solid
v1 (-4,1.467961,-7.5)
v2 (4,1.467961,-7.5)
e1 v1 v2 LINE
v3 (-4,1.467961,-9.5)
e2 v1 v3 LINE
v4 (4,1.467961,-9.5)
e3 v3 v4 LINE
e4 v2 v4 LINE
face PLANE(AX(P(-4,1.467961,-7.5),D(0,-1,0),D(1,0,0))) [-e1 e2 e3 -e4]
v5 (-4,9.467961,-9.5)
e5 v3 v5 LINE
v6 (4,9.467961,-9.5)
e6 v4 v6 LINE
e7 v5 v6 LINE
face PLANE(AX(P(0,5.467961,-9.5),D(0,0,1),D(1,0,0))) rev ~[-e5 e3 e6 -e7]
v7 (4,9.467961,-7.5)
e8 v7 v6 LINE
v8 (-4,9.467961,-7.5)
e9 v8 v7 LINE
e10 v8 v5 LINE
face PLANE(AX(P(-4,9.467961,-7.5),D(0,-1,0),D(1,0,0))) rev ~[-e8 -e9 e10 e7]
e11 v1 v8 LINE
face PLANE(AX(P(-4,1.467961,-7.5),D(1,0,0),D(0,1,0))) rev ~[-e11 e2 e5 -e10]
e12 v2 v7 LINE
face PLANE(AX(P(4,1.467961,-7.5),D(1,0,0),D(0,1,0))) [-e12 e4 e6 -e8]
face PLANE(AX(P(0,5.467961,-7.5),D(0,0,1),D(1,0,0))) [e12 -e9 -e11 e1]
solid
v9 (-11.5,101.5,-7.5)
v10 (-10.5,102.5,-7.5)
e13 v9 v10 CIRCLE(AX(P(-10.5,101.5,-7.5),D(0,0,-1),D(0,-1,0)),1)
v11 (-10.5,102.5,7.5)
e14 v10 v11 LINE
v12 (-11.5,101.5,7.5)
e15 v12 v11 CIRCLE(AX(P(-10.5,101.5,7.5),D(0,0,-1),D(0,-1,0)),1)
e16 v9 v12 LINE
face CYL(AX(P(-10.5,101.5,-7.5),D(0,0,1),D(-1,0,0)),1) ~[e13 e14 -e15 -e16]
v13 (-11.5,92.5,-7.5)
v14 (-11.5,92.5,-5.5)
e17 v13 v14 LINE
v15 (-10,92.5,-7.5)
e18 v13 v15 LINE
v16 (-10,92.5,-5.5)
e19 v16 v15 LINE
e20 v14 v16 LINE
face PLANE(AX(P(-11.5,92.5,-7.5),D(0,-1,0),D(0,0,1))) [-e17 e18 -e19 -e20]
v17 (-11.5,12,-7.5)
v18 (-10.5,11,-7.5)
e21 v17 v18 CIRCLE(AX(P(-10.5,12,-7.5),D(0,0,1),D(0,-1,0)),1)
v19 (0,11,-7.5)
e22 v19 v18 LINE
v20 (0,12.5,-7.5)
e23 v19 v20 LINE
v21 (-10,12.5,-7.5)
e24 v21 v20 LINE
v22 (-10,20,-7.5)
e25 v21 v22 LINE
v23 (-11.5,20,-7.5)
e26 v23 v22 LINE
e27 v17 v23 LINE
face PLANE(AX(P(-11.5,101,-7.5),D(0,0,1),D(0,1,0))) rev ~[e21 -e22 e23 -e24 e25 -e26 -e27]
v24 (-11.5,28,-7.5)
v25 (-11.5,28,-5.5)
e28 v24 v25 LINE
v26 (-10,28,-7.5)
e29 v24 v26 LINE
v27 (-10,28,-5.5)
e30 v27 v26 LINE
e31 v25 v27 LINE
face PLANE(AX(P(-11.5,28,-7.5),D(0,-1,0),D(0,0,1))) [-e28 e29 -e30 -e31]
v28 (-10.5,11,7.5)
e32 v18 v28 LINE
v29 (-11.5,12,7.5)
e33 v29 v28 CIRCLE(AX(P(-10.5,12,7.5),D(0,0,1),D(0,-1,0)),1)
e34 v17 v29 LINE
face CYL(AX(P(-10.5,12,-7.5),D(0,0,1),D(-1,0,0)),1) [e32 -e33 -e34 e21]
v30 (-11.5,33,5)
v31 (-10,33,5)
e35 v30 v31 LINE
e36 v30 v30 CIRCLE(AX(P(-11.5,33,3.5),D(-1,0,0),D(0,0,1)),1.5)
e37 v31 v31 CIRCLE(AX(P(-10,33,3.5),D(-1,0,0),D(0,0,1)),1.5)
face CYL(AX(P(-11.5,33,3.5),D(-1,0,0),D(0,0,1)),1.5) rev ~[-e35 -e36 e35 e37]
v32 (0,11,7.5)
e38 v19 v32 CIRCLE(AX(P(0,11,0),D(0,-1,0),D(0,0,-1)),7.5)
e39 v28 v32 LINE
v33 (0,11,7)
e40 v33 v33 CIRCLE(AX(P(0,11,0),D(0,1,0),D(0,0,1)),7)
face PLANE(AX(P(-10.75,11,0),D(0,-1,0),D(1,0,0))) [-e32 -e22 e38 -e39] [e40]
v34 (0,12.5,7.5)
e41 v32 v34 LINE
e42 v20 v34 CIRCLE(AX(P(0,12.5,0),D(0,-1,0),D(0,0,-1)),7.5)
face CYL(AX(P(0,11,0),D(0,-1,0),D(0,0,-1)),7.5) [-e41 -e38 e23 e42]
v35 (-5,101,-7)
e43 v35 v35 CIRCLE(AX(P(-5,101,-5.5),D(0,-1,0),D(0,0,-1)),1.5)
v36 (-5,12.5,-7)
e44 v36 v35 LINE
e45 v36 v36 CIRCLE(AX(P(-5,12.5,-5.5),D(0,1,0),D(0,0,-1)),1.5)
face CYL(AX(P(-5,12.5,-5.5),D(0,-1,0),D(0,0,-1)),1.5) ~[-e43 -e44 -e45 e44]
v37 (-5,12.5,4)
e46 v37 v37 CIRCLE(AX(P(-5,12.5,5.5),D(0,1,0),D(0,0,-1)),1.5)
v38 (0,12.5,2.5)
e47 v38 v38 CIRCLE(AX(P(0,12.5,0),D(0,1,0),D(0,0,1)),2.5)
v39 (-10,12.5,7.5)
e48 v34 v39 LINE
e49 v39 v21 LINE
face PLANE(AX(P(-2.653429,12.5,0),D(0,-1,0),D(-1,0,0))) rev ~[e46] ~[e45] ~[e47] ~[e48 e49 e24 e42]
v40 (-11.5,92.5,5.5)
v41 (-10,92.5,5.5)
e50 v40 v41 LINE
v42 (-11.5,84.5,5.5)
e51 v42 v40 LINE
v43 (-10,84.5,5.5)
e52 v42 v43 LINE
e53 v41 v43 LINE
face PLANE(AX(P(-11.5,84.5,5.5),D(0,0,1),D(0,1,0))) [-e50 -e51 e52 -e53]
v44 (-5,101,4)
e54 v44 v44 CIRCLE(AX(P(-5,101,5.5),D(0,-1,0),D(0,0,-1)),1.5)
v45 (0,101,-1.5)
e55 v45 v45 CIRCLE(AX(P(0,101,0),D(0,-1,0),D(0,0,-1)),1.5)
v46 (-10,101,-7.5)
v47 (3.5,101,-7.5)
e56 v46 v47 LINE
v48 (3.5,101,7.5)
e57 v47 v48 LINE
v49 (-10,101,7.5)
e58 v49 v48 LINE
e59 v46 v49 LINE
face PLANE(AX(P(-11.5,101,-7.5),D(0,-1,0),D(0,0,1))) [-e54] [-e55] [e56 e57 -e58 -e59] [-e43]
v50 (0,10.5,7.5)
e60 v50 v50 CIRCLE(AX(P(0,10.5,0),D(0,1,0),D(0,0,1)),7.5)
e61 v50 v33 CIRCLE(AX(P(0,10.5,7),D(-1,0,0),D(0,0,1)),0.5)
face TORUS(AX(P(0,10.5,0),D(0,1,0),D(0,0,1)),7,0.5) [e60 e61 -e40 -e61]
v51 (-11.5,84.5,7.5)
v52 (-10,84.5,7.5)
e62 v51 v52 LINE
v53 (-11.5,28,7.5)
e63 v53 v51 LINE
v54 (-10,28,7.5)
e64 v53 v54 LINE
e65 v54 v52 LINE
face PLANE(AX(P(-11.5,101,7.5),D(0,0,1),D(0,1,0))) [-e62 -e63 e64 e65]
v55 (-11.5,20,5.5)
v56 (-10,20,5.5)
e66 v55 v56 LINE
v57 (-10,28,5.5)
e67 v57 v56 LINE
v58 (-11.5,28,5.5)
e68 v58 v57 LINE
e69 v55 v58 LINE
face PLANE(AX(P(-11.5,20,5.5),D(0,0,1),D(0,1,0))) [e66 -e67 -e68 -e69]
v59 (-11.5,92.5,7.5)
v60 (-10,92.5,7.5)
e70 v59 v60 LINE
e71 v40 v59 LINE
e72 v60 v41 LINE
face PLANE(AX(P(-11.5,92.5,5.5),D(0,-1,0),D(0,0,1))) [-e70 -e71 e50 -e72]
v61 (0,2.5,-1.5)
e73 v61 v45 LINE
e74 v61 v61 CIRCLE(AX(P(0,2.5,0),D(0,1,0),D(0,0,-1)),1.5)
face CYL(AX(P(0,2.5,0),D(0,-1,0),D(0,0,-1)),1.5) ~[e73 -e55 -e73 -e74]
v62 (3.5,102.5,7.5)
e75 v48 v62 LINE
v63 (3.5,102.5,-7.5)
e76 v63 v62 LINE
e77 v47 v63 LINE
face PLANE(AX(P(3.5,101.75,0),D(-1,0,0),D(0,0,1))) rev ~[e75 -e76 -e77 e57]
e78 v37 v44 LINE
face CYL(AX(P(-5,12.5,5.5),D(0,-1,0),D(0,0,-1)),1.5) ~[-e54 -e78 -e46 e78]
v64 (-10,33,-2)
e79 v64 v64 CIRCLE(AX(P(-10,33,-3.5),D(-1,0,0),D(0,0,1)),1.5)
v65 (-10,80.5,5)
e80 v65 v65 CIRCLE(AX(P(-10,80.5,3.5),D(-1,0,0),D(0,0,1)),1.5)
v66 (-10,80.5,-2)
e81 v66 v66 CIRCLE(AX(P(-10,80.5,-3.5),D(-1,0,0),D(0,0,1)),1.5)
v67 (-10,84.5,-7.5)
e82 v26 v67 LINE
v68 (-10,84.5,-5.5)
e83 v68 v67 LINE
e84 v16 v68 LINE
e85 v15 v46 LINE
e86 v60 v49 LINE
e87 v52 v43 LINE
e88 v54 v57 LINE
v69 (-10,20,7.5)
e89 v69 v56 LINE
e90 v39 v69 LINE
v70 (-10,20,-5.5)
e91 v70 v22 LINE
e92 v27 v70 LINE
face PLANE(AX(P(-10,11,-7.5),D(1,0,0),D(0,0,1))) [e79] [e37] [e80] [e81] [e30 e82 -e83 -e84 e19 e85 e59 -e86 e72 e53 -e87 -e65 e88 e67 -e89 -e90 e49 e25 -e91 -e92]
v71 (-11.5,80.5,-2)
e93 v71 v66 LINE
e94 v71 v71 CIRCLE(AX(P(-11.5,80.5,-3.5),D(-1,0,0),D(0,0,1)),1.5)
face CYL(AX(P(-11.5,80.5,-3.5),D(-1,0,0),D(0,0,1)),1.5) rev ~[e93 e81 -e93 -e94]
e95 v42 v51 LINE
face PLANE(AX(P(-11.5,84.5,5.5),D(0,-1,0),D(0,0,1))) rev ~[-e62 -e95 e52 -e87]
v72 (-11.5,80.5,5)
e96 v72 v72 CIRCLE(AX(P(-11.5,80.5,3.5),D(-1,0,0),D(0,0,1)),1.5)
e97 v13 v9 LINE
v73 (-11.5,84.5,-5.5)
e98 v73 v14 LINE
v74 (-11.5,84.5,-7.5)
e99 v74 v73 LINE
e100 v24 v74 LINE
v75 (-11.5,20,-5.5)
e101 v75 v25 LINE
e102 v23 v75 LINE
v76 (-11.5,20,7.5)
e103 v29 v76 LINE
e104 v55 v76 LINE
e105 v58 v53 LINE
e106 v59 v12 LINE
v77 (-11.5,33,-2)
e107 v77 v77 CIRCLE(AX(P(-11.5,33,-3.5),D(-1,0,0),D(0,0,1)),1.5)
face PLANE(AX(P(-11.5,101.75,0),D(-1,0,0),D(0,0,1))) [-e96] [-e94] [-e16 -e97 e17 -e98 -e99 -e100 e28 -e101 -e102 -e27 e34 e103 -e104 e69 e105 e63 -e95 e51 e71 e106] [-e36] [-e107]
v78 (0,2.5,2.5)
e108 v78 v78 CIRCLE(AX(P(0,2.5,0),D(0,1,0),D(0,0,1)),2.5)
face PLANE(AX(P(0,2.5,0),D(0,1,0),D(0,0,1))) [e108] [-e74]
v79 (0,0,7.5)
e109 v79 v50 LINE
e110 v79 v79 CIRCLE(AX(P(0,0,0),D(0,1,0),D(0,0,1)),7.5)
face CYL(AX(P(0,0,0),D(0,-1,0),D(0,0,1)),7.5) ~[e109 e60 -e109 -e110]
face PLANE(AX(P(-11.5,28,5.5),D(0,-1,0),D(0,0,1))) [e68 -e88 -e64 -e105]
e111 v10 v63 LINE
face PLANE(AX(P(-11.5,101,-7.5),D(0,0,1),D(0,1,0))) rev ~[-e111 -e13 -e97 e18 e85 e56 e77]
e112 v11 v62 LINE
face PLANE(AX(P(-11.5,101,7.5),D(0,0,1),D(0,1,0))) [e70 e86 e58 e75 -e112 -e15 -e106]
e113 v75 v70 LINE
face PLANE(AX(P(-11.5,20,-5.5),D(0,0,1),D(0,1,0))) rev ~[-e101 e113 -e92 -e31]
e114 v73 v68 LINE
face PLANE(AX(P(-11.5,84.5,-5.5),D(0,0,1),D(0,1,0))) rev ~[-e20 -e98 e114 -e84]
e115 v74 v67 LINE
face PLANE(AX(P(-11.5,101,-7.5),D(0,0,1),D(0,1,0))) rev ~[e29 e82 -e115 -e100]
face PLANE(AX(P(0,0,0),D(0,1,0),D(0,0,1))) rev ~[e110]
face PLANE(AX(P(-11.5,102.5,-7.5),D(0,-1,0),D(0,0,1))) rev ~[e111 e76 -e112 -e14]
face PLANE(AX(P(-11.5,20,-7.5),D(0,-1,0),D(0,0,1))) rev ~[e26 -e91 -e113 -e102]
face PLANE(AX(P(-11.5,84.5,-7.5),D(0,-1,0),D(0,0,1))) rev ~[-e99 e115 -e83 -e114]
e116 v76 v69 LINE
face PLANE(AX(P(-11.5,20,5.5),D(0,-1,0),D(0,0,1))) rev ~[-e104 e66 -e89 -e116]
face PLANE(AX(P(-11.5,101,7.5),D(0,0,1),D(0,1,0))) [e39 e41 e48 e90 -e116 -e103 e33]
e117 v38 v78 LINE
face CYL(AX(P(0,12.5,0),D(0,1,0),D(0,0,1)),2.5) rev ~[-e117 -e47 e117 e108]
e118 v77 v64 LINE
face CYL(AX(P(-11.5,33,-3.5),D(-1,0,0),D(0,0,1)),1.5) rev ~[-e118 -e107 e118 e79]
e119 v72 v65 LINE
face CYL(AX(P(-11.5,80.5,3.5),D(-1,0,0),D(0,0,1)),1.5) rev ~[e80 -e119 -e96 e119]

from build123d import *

# Parameters (mm, degrees)
SKETCH1_R           = 7.5
BOSS_EXTRUDE1_DEPTH = 11
FILLET1_R           = 0.5
BOSS_EXTRUDE2_DEPTH = 1.5
SKETCH5_W           = 1.5
SKETCH5_H           = 15
BOSS_EXTRUDE3_DEPTH = 90
FILLET2_R           = 1
SKETCH7_W           = 15
SKETCH7_H           = 1.5
BOSS_EXTRUDE4_DEPTH = 15
FILLET3_R           = 1
SKETCH8_R           = 2.5
CUT_EXTRUDE1_DEPTH  = 10
SKETCH9_R           = 1.5
BOSS_EXTRUDE5_DEPTH = 90
SKETCH10_R          = 1.5
BOSS_EXTRUDE6_DEPTH = 99
SKETCH11_R          = 1.5
CUT_EXTRUDE2_DEPTH  = 2
SKETCH12_W          = 2
SKETCH12_H          = 8
CUT_EXTRUDE3_DEPTH  = 2
SKETCH13_W          = 8
SKETCH13_H          = 8
BOSS_EXTRUDE7_DEPTH = 2


with BuildPart() as part:
    # Sketch1 → Boss-Extrude1 (new body)
    with BuildSketch(Plane(origin=(0, 0, 0), x_dir=(1, 0, 0), z_dir=(0, 1, 0))):
        with Locations(Location((0, 0, 0), (0, 0, 270))):
            Circle(SKETCH1_R)
    extrude(amount=BOSS_EXTRUDE1_DEPTH)

    # Fillet1
    fillet1_edges = [part.edges().sort_by_distance(p)[0] for p in [
        (0, 11, -7.5),
    ]]
    fillet(fillet1_edges, radius=FILLET1_R)

    # Sketch3 → Boss-Extrude2 (add)
    with BuildSketch(Plane(origin=(0, 11, 0), x_dir=(1, 0, 0), z_dir=(0, 1, 0))):
        with BuildLine():
            Line((0, -7.5), (-10, -7.5))
            Line((-10, -7.5), (-10, 7.5))
            Line((-10, 7.5), (0, 7.5))
            ThreePointArc((0, 7.5), (7.5, 0), (0, -7.5))
        make_face()
    extrude(amount=BOSS_EXTRUDE2_DEPTH)

    # Sketch5 → Boss-Extrude3 (add)
    with BuildSketch(Plane.XZ.offset(-11)):
        with Locations((-10.75, 0)):
            Rectangle(SKETCH5_W, SKETCH5_H)
    extrude(amount=-BOSS_EXTRUDE3_DEPTH)

    # Fillet2
    fillet2_edges = [part.edges().sort_by_distance(p)[0] for p in [
        (-11.5, 11, 0),
    ]]
    fillet(fillet2_edges, radius=FILLET2_R)

    # Sketch7 → Boss-Extrude4 (add)
    with BuildSketch(Plane.ZY.offset(11.5)):
        with Locations((0, 101.75)):
            Rectangle(SKETCH7_W, SKETCH7_H)
    extrude(amount=-BOSS_EXTRUDE4_DEPTH)

    # Fillet3
    fillet3_edges = [part.edges().sort_by_distance(p)[0] for p in [
        (-11.5, 102.5, 0),
    ]]
    fillet(fillet3_edges, radius=FILLET3_R)

    # Sketch8 → Cut-Extrude1 (cut)
    with BuildSketch(Plane(origin=(0, 12.5, 0), x_dir=(1, 0, 0), z_dir=(0, 1, 0))):
        with Locations(Location((0, 0, 0), (0, 0, 270))):
            Circle(SKETCH8_R)
    extrude(amount=-CUT_EXTRUDE1_DEPTH, mode=Mode.SUBTRACT)

    # Sketch9 → Boss-Extrude5 (add)
    with BuildSketch(Plane(origin=(0, 12.5, 0), x_dir=(1, 0, 0), z_dir=(0, 1, 0))):
        with Locations(Location((-5, 5.5, 0), (0, 0, 90))):
            Circle(SKETCH9_R)
        with Locations(Location((-5, -5.5, 0), (0, 0, 90))):
            Circle(SKETCH9_R)
    extrude(amount=BOSS_EXTRUDE5_DEPTH)

    # Sketch10 → Boss-Extrude6 (add)
    with BuildSketch(Plane(origin=(0, 2.5, 0), x_dir=(1, 0, 0), z_dir=(0, 1, 0))):
        with Locations(Location((0, 0, 0), (0, 0, 90))):
            Circle(SKETCH10_R)
    extrude(amount=BOSS_EXTRUDE6_DEPTH)

    # Sketch11 → Cut-Extrude2 (cut)
    with BuildSketch(Plane.ZY.offset(11.5)):
        with Locations((-3.5, 80.5)):
            Circle(SKETCH11_R)
        with Locations((3.5, 80.5)):
            Circle(SKETCH11_R)
        with Locations((-3.5, 33)):
            Circle(SKETCH11_R)
        with Locations((3.5, 33)):
            Circle(SKETCH11_R)
    extrude(amount=-CUT_EXTRUDE2_DEPTH, mode=Mode.SUBTRACT)

    # Sketch12 → Cut-Extrude3 (cut)
    with BuildSketch(Plane.ZY.offset(11.5)):
        with Locations((6.5, 24)):
            Rectangle(SKETCH12_W, SKETCH12_H)
        with Locations((-6.5, 24)):
            Rectangle(SKETCH12_W, SKETCH12_H)
        with Locations((6.5, 88.5)):
            Rectangle(SKETCH12_W, SKETCH12_H)
        with Locations((-6.5, 88.5)):
            Rectangle(SKETCH12_W, SKETCH12_H)
    extrude(amount=-CUT_EXTRUDE3_DEPTH, mode=Mode.SUBTRACT)


with BuildPart() as body_2:
    # Sketch13 → Boss-Extrude7 (new body)
    with BuildSketch(Plane.XY.offset(-7.5)):
        with Locations((0, 5.467961161)):
            Rectangle(SKETCH13_W, SKETCH13_H)
    extrude(amount=-BOSS_EXTRUDE7_DEPTH)


solid = Compound([part.part, body_2.part])
